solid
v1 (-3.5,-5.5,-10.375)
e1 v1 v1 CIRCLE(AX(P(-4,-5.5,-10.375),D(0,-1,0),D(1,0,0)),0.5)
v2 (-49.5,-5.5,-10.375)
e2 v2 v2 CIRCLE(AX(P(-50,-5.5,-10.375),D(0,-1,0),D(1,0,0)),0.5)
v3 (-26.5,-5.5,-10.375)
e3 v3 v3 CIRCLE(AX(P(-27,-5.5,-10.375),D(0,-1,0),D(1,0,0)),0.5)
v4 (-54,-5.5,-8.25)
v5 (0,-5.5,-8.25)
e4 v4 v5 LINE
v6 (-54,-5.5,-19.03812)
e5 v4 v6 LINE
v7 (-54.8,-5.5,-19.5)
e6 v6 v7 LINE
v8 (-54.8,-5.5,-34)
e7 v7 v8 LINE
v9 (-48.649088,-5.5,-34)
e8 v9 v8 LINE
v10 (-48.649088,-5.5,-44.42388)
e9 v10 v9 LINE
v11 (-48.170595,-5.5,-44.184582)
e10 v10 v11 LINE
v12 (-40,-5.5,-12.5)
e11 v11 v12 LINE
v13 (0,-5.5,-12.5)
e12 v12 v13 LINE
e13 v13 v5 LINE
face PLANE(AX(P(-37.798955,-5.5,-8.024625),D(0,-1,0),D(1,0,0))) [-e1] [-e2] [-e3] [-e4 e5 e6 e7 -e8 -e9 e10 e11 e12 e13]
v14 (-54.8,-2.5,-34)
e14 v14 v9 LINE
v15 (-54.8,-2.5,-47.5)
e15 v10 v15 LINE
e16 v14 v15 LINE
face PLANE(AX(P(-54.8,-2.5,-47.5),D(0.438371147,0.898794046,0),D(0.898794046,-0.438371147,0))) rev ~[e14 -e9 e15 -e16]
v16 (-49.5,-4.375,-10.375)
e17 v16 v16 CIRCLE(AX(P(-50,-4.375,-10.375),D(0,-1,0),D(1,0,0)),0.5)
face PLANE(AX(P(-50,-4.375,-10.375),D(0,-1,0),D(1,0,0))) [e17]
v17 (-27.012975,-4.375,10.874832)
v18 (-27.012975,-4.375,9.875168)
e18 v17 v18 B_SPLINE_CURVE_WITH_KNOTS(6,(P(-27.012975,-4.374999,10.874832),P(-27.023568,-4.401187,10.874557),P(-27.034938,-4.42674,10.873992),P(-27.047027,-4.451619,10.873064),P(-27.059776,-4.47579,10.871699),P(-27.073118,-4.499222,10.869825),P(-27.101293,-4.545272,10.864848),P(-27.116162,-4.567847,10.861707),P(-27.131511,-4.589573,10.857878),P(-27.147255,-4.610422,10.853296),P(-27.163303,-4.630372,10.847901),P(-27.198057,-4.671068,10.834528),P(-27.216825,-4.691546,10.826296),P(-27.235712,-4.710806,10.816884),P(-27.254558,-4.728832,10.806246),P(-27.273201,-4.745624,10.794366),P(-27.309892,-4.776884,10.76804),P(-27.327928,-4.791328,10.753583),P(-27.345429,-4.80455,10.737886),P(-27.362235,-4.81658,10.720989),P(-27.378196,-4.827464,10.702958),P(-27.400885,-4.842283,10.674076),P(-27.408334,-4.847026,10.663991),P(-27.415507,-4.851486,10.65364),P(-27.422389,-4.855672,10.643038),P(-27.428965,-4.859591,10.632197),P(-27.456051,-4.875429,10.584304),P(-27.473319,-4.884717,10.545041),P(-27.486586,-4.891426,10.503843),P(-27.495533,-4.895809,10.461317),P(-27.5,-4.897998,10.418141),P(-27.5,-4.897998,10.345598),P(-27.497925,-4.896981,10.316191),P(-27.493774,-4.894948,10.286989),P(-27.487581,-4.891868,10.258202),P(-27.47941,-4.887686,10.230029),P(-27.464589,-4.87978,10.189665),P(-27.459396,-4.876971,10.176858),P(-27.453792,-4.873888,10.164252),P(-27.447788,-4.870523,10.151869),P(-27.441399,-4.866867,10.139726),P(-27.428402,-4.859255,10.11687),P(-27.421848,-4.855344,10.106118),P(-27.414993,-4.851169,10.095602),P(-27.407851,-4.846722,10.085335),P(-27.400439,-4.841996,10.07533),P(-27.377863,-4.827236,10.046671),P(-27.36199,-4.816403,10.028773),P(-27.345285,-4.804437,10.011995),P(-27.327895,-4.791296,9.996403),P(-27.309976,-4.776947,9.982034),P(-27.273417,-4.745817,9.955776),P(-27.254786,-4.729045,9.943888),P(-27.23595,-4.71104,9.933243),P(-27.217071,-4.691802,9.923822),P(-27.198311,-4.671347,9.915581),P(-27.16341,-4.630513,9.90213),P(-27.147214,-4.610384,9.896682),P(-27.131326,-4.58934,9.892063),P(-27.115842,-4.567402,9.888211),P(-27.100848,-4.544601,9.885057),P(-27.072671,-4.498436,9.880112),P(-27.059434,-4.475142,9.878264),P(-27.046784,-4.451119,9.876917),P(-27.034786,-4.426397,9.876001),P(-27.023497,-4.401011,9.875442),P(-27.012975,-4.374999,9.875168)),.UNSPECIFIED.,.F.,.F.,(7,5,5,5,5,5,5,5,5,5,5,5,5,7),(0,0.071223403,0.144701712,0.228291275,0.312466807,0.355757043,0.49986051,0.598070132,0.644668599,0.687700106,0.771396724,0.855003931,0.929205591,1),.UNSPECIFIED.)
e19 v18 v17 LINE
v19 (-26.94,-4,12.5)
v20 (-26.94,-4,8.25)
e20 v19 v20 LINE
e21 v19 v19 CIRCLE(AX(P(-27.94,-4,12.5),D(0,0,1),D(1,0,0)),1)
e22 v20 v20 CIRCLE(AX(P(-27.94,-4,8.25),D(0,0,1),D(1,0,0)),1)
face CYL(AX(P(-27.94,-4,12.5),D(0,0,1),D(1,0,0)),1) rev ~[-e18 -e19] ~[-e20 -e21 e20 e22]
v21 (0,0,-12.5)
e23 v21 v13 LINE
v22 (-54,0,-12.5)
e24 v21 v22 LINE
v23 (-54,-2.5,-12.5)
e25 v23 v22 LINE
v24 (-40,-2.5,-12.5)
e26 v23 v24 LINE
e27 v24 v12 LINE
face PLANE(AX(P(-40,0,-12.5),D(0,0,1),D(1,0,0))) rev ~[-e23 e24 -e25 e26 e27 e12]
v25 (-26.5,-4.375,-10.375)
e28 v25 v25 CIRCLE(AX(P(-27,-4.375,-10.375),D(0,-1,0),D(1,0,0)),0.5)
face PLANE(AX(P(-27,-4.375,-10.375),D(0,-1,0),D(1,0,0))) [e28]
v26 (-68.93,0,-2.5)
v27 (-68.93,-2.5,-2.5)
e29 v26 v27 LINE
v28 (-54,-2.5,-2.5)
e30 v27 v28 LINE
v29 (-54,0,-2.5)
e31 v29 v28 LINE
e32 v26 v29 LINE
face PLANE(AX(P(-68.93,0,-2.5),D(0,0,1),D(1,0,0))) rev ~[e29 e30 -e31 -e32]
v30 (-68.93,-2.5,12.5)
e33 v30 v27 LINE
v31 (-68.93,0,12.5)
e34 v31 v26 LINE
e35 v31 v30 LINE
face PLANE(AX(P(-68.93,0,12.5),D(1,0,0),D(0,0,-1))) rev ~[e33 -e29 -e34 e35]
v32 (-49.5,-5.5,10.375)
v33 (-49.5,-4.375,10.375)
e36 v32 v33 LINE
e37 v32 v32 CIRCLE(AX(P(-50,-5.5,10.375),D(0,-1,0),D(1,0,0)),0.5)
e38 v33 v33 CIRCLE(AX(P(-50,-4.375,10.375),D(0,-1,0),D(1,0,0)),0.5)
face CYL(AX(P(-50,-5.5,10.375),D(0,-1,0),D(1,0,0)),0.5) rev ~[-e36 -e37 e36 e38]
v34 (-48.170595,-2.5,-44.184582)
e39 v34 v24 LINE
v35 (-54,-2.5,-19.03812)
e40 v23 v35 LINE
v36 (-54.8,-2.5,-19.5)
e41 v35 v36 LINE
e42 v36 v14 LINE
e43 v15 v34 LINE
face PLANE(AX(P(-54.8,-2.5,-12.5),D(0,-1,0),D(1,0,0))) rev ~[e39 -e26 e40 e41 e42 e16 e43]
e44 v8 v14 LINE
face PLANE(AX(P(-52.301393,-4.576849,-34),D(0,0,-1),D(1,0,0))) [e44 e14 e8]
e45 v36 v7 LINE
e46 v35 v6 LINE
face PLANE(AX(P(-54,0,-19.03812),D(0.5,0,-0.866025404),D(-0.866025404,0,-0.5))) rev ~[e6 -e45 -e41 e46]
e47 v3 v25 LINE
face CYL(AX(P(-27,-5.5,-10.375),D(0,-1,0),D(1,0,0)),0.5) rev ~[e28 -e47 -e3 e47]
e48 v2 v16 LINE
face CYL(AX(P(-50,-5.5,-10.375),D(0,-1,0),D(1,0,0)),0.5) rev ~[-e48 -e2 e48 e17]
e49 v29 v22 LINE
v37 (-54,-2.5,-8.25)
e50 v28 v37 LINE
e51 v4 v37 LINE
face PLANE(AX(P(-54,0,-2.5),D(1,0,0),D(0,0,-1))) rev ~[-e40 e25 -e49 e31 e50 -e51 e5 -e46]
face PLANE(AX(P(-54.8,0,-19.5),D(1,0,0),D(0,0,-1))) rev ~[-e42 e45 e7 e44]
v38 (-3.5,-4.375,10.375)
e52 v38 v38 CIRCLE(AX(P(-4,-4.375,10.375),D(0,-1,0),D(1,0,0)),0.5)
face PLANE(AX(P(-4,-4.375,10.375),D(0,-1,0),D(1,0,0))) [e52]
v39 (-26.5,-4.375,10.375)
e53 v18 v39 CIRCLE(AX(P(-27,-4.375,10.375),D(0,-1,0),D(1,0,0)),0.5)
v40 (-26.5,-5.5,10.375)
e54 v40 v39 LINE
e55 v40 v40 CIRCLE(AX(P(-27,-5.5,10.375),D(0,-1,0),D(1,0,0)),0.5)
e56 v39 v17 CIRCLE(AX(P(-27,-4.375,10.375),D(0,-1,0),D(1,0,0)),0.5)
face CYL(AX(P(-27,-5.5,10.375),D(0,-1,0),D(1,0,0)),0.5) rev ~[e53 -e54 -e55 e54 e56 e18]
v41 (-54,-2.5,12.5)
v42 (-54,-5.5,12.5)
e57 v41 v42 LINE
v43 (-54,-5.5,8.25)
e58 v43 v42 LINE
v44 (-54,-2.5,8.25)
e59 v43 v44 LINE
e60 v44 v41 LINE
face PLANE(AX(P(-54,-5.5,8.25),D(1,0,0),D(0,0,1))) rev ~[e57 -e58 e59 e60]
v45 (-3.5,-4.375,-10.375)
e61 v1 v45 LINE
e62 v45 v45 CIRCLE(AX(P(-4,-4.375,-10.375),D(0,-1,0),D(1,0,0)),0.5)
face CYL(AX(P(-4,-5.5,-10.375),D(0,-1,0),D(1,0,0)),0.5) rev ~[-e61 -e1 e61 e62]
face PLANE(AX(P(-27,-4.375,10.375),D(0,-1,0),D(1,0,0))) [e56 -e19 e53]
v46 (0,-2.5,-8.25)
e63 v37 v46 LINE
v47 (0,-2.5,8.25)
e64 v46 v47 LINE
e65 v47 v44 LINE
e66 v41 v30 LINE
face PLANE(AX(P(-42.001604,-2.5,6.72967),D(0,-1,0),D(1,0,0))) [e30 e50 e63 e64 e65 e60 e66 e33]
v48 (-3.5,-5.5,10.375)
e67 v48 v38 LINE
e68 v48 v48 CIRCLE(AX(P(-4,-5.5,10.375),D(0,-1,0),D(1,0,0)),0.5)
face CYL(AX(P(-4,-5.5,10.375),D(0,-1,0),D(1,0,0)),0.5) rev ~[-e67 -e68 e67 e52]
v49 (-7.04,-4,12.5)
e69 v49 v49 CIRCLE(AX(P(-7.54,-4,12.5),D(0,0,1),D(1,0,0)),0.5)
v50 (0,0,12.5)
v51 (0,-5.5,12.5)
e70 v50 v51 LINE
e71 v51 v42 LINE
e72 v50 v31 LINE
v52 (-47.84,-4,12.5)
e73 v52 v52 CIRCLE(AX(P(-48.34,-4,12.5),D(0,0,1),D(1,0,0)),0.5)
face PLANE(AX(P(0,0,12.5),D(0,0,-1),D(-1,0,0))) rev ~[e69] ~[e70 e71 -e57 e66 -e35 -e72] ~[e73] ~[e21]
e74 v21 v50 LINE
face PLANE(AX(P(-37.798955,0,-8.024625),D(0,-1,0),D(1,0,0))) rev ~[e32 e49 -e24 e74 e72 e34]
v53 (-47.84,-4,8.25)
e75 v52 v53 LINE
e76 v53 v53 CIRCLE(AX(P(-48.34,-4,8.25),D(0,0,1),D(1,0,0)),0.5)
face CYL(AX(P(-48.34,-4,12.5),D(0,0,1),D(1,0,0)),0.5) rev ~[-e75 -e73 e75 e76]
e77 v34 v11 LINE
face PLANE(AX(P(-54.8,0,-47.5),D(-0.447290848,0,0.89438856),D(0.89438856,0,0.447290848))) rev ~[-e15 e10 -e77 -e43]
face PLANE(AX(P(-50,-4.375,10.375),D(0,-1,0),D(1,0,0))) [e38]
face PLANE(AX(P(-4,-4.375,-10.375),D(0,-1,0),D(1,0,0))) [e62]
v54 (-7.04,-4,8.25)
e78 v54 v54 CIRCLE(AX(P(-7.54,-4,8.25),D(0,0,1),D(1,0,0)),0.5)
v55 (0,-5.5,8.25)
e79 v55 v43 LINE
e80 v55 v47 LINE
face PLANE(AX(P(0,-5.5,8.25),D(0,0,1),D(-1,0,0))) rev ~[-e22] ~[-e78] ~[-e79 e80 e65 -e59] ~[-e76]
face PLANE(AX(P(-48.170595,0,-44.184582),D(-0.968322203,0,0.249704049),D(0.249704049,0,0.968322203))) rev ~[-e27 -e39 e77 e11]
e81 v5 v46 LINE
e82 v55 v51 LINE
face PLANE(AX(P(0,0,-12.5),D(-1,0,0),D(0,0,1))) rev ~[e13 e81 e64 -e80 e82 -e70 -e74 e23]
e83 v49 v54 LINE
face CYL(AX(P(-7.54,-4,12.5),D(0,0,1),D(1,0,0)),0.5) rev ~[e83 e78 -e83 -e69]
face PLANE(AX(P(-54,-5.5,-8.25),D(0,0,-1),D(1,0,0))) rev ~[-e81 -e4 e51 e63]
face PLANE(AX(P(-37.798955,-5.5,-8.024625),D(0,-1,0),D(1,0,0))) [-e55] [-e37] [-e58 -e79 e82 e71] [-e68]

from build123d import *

# Parameters (mm, degrees)
F1_DEPTH  = 5.5
F3_DEPTH  = 3
F4_R      = 0.5
F5_DEPTH  = 1.125
F9_DEPTH  = 12.5
F10_W     = 14.8
F10_H     = 2.5
F11_DEPTH = 47
F13_DEPTH = 13.5
F14_R     = 0.5
F15_DEPTH = 4.25
F16_R     = 1
F17_DEPTH = 4.25


with BuildPart() as f1:
    # F0 (on Front) → F1 (new body)
    with BuildSketch(Plane.XZ):
        Polygon((0, -12.5), (0, 12.5), (-68.93, 12.5), (-68.93, -2.5), (-54, -2.5), (-54, -19.0381197846), (-54.8, -19.5), (-54.8, -47.5), (-48.1705947427, -44.1845815863), (-40, -12.5), align=None)
    extrude(amount=F1_DEPTH)

    # F2 (on face) → F3 (cut)
    with BuildSketch(Plane.XZ.offset(5.5)):
        Polygon((0, -8.25), (0, 8.25), (-54, 8.25), (-54, 31.9336503744), (-73.7788975239, 31.9336503744), (-73.7788975239, -2.5), (-54, -2.5), (-54, -8.25), align=None)
    extrude(amount=-F3_DEPTH, mode=Mode.SUBTRACT)

    # F4 (on face) → F5 (cut)
    with BuildSketch(Plane.XZ.offset(5.5)):
        with Locations((-4, 10.375)):
            Circle(F4_R)
        with Locations((-27, 10.375)):
            Circle(F4_R)
        with Locations((-50, 10.375)):
            Circle(F4_R)
        with Locations((-50, -10.375)):
            Circle(F4_R)
        with Locations((-27, -10.375)):
            Circle(F4_R)
        with Locations((-4, -10.375)):
            Circle(F4_R)
    extrude(amount=-F5_DEPTH, mode=Mode.SUBTRACT)

    # F8 (on offset) → F9 (cut)
    with BuildSketch(Plane.XY.offset(30)):
        Polygon((-67.1257596039, 0), (-62, -2.5), (-62, 0), align=None)
    extrude(amount=-F9_DEPTH, mode=Mode.SUBTRACT)

    # F10 (on face) → F11 (cut)
    with BuildSketch(Plane(origin=(0, 0, -12.5), x_dir=(1, 0, 0), z_dir=(0, 0, -1))):
        with Locations((-47.4, 1.25)):
            Rectangle(F10_W, F10_H)
    extrude(amount=F11_DEPTH, mode=Mode.SUBTRACT)

    # F12 (on plane+point) → F13 (cut)
    with BuildSketch(Plane(origin=(0, 0, -47.5), x_dir=(1, 0, 0), z_dir=(0, 0, -1))):
        Polygon((-48.6490884753, 5.5), (-54.8, 5.5), (-54.8, 2.5), align=None)
    extrude(amount=-F13_DEPTH, mode=Mode.SUBTRACT)

    # F14 (on face) → F15 (cut, through all)
    with BuildSketch(Plane.XY.offset(12.5)):
        with Locations((-7.54, -4)):
            Circle(F14_R)
        with Locations((-48.34, -4)):
            Circle(F14_R)
    extrude(amount=-F15_DEPTH, mode=Mode.SUBTRACT)

    # F16 (on face) → F17 (cut, through all)
    with BuildSketch(Plane.XY.offset(12.5)):
        with Locations((-27.94, -4)):
            Circle(F16_R)
    extrude(amount=-F17_DEPTH, mode=Mode.SUBTRACT)


solid = f1.part
